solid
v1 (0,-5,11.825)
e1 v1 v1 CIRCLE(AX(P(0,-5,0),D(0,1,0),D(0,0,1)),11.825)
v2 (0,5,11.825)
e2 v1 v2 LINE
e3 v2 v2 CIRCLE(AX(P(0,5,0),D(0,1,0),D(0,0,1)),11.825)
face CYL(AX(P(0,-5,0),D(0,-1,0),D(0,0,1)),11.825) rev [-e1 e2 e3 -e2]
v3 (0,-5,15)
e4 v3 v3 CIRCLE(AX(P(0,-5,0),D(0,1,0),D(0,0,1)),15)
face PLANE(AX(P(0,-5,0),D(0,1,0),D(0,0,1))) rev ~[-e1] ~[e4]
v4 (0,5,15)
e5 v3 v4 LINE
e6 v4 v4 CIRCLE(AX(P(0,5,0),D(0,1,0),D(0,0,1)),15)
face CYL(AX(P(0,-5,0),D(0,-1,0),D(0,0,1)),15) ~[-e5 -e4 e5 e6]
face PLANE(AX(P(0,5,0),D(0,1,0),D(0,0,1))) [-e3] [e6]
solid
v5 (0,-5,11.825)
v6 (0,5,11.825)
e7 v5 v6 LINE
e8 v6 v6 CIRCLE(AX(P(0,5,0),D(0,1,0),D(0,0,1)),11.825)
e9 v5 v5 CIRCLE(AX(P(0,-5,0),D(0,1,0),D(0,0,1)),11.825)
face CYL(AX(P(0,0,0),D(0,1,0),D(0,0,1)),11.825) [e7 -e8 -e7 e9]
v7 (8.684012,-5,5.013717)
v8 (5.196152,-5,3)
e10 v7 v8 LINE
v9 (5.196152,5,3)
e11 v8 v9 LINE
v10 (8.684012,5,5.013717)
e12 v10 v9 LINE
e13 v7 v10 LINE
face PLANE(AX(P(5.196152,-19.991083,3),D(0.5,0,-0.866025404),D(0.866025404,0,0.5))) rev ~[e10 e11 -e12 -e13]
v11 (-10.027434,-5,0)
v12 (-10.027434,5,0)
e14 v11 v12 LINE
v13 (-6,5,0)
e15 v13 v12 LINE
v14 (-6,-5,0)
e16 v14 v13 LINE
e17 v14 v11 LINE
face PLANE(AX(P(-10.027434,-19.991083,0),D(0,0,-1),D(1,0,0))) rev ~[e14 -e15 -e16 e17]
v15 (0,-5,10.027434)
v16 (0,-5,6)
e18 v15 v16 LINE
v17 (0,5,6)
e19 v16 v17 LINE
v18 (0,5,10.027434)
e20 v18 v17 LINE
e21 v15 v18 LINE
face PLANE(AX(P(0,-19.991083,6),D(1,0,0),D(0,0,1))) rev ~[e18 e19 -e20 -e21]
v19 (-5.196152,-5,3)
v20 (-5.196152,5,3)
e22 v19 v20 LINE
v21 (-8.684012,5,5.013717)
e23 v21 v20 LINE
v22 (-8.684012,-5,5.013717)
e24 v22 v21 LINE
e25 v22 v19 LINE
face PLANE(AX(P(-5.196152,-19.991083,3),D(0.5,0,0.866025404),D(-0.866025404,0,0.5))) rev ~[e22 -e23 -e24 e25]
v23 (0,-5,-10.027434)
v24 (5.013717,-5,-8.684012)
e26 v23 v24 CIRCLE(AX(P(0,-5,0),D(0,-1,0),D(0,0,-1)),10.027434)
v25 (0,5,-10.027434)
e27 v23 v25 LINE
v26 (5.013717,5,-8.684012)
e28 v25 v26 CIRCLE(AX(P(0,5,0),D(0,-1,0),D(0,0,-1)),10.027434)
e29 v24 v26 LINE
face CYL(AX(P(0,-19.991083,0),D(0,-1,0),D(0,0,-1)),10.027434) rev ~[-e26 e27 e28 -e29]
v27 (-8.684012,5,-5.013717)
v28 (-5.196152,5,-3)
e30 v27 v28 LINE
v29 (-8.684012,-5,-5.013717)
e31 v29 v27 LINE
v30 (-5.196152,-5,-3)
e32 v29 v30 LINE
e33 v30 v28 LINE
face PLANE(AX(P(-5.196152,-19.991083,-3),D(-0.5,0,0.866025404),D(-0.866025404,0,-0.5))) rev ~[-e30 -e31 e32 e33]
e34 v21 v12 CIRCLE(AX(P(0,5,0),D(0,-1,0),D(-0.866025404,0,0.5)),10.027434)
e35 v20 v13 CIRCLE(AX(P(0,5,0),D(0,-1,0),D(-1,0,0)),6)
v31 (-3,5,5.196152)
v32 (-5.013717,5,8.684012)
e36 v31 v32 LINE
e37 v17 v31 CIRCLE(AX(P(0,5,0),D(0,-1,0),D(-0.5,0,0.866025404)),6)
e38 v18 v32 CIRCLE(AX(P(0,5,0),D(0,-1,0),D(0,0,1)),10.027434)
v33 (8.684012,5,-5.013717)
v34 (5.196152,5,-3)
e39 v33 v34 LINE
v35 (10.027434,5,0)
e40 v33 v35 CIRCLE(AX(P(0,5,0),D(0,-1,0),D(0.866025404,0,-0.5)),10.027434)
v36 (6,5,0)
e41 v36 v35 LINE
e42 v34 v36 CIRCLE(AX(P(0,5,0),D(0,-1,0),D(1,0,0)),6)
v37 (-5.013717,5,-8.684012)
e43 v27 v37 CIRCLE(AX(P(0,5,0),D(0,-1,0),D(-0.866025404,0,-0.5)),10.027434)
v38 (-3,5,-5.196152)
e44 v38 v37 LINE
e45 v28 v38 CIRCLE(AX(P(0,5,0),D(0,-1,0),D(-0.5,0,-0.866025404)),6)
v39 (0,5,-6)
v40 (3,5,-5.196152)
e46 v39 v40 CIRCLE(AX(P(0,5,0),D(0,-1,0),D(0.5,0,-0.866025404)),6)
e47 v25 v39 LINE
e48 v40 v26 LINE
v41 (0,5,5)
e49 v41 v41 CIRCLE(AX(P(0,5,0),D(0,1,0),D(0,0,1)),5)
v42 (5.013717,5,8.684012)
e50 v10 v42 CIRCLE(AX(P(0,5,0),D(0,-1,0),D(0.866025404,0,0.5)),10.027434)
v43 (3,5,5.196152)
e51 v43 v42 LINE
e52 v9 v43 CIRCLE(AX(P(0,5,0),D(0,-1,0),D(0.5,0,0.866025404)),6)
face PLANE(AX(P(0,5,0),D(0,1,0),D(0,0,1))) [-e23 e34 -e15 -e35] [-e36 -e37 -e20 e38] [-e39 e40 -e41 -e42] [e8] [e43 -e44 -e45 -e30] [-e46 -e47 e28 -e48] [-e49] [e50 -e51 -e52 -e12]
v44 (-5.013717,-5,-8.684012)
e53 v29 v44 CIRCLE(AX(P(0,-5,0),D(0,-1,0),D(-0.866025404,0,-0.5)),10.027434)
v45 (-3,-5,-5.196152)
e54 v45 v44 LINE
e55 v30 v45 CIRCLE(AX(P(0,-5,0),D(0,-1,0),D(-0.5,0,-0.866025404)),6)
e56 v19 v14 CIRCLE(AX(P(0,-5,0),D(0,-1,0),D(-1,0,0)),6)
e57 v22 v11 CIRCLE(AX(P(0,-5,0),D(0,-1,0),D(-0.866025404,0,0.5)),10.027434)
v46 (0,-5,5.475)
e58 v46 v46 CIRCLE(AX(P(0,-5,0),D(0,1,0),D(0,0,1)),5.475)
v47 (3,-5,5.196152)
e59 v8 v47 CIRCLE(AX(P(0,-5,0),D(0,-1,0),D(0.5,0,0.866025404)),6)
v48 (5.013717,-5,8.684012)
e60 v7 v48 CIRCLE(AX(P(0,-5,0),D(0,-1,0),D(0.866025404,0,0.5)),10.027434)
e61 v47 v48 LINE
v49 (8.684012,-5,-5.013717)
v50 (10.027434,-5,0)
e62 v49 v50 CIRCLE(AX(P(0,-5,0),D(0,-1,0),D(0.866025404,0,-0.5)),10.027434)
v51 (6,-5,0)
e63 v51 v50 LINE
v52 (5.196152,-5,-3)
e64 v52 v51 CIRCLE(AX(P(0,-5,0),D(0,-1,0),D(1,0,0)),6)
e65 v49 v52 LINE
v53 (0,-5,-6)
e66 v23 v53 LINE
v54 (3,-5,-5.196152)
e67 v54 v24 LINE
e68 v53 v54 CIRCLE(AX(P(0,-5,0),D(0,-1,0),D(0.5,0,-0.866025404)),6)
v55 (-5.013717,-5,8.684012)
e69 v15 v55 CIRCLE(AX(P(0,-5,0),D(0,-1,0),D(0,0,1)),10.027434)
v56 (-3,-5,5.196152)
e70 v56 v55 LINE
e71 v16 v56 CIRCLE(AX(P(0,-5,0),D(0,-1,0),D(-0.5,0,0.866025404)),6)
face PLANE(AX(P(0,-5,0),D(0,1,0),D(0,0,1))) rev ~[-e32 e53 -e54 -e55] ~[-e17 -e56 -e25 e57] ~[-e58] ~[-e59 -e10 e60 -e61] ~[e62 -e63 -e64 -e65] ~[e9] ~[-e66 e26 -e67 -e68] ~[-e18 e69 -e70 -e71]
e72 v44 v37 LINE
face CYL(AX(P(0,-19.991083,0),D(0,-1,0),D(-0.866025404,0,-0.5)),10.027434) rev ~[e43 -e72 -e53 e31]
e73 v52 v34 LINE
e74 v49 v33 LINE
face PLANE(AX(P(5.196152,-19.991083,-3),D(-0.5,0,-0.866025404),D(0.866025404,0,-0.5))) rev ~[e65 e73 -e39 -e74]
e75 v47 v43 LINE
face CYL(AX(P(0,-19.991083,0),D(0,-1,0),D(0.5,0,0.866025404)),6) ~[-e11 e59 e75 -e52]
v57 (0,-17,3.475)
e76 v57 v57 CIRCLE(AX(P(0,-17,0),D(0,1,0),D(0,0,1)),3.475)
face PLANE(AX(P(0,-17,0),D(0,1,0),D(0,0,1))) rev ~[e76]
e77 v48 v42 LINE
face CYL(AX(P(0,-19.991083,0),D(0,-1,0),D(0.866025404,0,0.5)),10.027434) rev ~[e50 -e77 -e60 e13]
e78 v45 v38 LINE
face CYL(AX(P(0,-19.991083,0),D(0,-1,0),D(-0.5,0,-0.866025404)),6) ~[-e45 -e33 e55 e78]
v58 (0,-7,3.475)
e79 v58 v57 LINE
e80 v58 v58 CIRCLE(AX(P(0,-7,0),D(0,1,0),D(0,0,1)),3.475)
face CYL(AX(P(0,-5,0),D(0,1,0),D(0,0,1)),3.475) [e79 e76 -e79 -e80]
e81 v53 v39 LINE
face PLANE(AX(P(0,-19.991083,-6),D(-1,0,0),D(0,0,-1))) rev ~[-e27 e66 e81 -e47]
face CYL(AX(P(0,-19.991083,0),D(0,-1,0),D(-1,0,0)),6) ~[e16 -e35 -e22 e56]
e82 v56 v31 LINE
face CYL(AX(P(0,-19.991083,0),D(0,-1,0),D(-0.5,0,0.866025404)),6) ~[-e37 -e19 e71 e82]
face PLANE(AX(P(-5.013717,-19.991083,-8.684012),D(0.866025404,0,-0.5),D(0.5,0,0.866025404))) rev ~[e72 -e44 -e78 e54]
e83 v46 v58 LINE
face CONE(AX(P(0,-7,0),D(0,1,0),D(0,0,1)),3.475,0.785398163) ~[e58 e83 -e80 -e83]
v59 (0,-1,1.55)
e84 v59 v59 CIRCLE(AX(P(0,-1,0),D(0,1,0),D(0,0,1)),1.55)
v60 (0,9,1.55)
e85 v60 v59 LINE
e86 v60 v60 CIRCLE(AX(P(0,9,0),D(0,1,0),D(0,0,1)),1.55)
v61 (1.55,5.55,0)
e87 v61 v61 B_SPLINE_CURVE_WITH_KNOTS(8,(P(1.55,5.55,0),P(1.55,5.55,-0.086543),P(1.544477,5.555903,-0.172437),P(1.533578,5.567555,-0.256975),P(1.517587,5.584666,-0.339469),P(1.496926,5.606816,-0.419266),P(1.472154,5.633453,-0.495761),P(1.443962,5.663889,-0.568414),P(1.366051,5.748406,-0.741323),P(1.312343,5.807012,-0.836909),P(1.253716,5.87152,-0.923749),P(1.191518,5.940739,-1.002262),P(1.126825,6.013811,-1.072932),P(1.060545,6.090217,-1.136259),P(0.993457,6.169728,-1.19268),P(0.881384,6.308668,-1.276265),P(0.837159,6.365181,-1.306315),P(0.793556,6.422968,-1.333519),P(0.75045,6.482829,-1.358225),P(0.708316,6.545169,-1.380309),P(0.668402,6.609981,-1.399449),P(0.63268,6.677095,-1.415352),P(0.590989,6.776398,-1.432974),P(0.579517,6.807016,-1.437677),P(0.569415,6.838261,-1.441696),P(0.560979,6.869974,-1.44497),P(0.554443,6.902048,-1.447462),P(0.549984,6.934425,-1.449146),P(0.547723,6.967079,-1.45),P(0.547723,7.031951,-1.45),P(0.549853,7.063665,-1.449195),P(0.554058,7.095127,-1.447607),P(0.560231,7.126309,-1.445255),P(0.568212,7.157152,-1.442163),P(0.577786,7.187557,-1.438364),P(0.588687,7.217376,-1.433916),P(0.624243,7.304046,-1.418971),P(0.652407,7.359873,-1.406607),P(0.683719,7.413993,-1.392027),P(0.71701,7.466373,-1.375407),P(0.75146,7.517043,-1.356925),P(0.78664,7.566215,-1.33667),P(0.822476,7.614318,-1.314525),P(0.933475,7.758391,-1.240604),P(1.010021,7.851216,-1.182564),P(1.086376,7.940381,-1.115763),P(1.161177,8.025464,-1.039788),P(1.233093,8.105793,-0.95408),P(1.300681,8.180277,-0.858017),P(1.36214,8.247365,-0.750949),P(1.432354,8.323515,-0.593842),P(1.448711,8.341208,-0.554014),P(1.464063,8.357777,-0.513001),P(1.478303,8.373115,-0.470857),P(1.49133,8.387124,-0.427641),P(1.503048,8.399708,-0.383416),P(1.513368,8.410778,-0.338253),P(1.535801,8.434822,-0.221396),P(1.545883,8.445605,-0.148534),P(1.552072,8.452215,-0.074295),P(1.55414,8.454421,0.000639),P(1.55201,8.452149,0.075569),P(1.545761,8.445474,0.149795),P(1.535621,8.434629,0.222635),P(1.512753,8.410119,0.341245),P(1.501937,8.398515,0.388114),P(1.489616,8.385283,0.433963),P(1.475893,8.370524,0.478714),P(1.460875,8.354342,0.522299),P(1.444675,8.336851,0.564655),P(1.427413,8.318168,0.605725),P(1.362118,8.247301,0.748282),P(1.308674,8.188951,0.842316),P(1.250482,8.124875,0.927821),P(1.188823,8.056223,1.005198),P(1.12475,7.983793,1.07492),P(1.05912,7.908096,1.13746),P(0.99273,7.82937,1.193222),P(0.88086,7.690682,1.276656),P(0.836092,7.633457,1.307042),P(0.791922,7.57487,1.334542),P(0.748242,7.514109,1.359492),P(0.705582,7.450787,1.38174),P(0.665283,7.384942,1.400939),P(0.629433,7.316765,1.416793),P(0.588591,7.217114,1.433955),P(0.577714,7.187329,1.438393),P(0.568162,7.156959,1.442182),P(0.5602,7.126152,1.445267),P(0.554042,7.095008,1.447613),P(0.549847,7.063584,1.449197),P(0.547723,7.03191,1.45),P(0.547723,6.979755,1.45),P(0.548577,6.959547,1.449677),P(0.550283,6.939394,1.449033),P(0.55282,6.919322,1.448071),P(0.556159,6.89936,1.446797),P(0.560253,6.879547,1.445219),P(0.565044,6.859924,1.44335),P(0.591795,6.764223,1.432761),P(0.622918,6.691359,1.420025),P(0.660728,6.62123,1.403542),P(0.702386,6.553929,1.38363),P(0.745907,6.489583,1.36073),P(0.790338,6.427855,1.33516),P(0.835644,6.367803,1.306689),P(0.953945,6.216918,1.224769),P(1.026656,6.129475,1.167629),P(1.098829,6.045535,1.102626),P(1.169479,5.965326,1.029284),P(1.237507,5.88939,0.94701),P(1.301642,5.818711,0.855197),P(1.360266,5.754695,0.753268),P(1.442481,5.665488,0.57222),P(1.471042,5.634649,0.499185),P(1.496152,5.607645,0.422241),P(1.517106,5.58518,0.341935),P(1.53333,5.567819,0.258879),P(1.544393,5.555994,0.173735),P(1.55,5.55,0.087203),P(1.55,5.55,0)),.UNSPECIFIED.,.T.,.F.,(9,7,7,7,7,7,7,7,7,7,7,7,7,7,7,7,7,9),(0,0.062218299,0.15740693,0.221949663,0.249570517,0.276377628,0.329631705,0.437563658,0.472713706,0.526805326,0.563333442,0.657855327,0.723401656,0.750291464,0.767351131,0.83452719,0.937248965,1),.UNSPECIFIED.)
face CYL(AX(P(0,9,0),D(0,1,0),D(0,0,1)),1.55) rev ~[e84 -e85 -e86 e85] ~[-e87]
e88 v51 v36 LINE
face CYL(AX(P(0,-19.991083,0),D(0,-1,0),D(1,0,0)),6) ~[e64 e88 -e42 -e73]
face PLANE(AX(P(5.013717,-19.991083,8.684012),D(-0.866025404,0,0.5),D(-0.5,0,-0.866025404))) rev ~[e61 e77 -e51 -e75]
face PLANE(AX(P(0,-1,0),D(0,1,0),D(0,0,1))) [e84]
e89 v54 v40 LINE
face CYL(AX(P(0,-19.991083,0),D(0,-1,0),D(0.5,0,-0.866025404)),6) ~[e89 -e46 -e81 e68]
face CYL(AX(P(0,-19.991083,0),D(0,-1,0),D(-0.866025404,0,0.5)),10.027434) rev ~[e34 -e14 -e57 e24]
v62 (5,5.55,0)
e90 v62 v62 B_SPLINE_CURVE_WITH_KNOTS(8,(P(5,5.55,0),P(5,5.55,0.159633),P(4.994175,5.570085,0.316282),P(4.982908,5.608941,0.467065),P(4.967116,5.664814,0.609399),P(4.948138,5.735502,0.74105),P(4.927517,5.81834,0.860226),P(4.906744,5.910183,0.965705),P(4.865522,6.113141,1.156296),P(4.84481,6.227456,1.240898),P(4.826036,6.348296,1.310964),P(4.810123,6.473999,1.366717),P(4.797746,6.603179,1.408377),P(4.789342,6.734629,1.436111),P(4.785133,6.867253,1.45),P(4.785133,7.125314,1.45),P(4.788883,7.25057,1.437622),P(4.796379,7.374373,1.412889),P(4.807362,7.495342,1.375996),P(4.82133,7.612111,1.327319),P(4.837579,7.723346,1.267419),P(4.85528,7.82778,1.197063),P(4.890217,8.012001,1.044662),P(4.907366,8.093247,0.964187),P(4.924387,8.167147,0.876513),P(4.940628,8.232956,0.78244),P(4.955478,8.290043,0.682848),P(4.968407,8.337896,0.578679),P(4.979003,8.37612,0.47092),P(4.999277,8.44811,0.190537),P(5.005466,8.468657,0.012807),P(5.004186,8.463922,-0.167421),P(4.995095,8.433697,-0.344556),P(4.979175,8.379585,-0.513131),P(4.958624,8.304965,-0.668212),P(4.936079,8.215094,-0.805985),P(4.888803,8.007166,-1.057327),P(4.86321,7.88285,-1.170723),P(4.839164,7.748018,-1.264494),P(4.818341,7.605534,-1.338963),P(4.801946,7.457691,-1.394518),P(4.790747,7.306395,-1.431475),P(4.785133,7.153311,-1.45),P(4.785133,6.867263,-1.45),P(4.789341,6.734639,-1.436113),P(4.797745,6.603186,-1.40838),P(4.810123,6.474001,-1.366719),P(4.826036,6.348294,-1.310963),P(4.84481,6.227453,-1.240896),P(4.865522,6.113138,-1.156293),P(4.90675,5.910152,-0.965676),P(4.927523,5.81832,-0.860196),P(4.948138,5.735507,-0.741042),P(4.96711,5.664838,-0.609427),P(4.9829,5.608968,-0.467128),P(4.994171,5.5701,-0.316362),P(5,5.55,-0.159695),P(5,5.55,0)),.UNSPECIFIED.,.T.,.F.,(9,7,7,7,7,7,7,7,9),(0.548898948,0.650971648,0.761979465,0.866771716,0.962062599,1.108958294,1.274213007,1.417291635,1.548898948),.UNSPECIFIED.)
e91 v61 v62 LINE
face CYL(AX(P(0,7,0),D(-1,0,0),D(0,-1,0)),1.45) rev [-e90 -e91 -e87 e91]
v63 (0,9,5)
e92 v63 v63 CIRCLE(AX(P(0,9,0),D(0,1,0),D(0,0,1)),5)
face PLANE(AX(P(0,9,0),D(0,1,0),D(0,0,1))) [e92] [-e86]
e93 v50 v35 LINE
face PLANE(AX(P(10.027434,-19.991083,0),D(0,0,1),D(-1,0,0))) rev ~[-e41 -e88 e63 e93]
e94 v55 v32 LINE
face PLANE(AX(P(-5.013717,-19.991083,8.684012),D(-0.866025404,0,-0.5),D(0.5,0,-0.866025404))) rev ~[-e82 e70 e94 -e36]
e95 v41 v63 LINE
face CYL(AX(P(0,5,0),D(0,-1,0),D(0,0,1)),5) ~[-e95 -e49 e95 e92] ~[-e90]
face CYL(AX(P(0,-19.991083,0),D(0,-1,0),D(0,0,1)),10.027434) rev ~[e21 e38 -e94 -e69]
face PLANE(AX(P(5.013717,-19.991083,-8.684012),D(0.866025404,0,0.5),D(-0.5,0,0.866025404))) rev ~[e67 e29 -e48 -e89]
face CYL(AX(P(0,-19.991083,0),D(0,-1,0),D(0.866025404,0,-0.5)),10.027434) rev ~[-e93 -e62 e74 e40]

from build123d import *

# Parameters (mm, degrees)
SKETCH1_R               = 11.825
BOSS_EXTRUDE1_DEPTH     = 5
BOSS_EXTRUDE2_START     = 5
SKETCH2_R               = 5
BOSS_EXTRUDE2_DEPTH     = 4
SKETCH3_R               = 1.45
CUT_EXTRUDE1_DEPTH      = 5
CUT_EXTRUDE2_START      = 9
SKETCH4_R               = 1.55
CUT_EXTRUDE2_DEPTH      = 10
CUT_EXTRUDE3_DEPTH      = 19.991083481
CUT_EXTRUDE3_DEPTH_BACK = 19.991083481
BOSS_EXTRUDE4_START     = -5
SKETCH8_R               = 3.475
BOSS_EXTRUDE4_DEPTH     = 12
CHAMFER1_SIZE           = 2
BOSS_EXTRUDE5_START     = -5
SKETCH9_R               = 15
SKETCH9_R_2             = 11.825
BOSS_EXTRUDE5_DEPTH     = 10


with BuildPart() as part:
    # Sketch1 → Boss-Extrude1 (new, symmetric)
    with BuildSketch(Plane(origin=(0, 0, 0), x_dir=(1, 0, 0), z_dir=(0, 1, 0))):
        with Locations(Location((0, 0, 0), (0, 0, 270))):
            Circle(SKETCH1_R)
    extrude(amount=BOSS_EXTRUDE1_DEPTH, both=True)

    # Sketch2 → Boss-Extrude2 (add)
    with BuildSketch(Plane(origin=(0, 0, 0), x_dir=(1, 0, 0), z_dir=(0, 1, 0)).offset(BOSS_EXTRUDE2_START)):
        with Locations(Location((0, 0, 0), (0, 0, 270))):
            Circle(SKETCH2_R)
    extrude(amount=BOSS_EXTRUDE2_DEPTH)

    # Sketch3 → Cut-Extrude1 (cut)
    with BuildSketch(Plane(origin=(0, 0, 0), x_dir=(0, 0, -1), z_dir=(1, 0, 0))):
        with Locations(Location((0, 7, 0), (0, 0, 270))):
            Circle(SKETCH3_R)
    extrude(amount=CUT_EXTRUDE1_DEPTH, mode=Mode.SUBTRACT)

    # Sketch4 → Cut-Extrude2 (cut)
    with BuildSketch(Plane(origin=(0, 0, 0), x_dir=(1, 0, 0), z_dir=(0, 1, 0)).offset(CUT_EXTRUDE2_START)):
        with Locations(Location((0, 0, 0), (0, 0, 270))):
            Circle(SKETCH4_R)
    extrude(amount=-CUT_EXTRUDE2_DEPTH, mode=Mode.SUBTRACT)

    # Sketch6 → Cut-Extrude3 (cut, two sides: drawn at the far end of the back side and taken through both)
    with BuildSketch(Plane(origin=(0, 0, 0), x_dir=(1, 0, 0), z_dir=(0, 1, 0)).offset(-CUT_EXTRUDE3_DEPTH_BACK)):
        with BuildLine():
            Line((0, 6), (0, 10.027433571))
            ThreePointArc((0, 10.027433571), (2.595290782, 9.685757057), (5.013716785, 8.684012207))
            Line((5.013716785, 8.684012207), (3, 5.196152423))
            ThreePointArc((3, 5.196152423), (1.552914271, 5.795554958), (0, 6))
        make_face()
        with BuildLine():
            Line((5.196152423, 3), (8.684012207, 5.013716785))
            ThreePointArc((8.684012207, 5.013716785), (9.685757057, 2.595290782), (10.027433571, 0))
            Line((10.027433571, 0), (6, 0))
            ThreePointArc((6, 0), (5.795554958, 1.552914271), (5.196152423, 3))
        make_face()
        with BuildLine():
            Line((5.196152423, -3), (8.684012207, -5.013716785))
            ThreePointArc((8.684012207, -5.013716785), (7.090466276, -7.090466276), (5.013716785, -8.684012207))
            Line((5.013716785, -8.684012207), (3, -5.196152423))
            ThreePointArc((3, -5.196152423), (4.242640687, -4.242640687), (5.196152423, -3))
        make_face()
        with BuildLine():
            Line((0, -6), (0, -10.027433571))
            ThreePointArc((0, -10.027433571), (-2.595290782, -9.685757057), (-5.013716785, -8.684012207))
            Line((-5.013716785, -8.684012207), (-3, -5.196152423))
            ThreePointArc((-3, -5.196152423), (-1.552914271, -5.795554958), (0, -6))
        make_face()
        with BuildLine():
            Line((-5.196152423, -3), (-8.684012207, -5.013716785))
            ThreePointArc((-8.684012207, -5.013716785), (-9.685757057, -2.595290782), (-10.027433571, 0))
            Line((-10.027433571, 0), (-6, 0))
            ThreePointArc((-6, 0), (-5.795554958, -1.552914271), (-5.196152423, -3))
        make_face()
        with BuildLine():
            Line((-5.196152423, 3), (-8.684012207, 5.013716785))
            ThreePointArc((-8.684012207, 5.013716785), (-7.090466276, 7.090466276), (-5.013716785, 8.684012207))
            Line((-5.013716785, 8.684012207), (-3, 5.196152423))
            ThreePointArc((-3, 5.196152423), (-4.242640687, 4.242640687), (-5.196152423, 3))
        make_face()
    extrude(amount=CUT_EXTRUDE3_DEPTH + CUT_EXTRUDE3_DEPTH_BACK, mode=Mode.SUBTRACT)

    # Sketch8 → Boss-Extrude4 (add)
    with BuildSketch(Plane(origin=(0, 0, 0), x_dir=(1, 0, 0), z_dir=(0, 1, 0)).offset(BOSS_EXTRUDE4_START)):
        with Locations(Location((0, 0, 0), (0, 0, 270))):
            Circle(SKETCH8_R)
    extrude(amount=-BOSS_EXTRUDE4_DEPTH)

    # Chamfer1
    chamfer1_edges = [part.edges().sort_by_distance(p)[0] for p in [
        (0, -5, -3.475),
    ]]
    chamfer(chamfer1_edges, length=CHAMFER1_SIZE)


with BuildPart() as body_2:
    # Sketch9 → Boss-Extrude5 (new body)
    with BuildSketch(Plane(origin=(0, 0, 0), x_dir=(1, 0, 0), z_dir=(0, 1, 0)).offset(BOSS_EXTRUDE5_START)):
        with Locations(Location((0, 0, 0), (0, 0, 270))):
            Circle(SKETCH9_R)
        with Locations(Location((0, 0, 0), (0, 0, 270))):
            Circle(SKETCH9_R_2, mode=Mode.SUBTRACT)
    extrude(amount=BOSS_EXTRUDE5_DEPTH)


solid = Compound([part.part, body_2.part])
